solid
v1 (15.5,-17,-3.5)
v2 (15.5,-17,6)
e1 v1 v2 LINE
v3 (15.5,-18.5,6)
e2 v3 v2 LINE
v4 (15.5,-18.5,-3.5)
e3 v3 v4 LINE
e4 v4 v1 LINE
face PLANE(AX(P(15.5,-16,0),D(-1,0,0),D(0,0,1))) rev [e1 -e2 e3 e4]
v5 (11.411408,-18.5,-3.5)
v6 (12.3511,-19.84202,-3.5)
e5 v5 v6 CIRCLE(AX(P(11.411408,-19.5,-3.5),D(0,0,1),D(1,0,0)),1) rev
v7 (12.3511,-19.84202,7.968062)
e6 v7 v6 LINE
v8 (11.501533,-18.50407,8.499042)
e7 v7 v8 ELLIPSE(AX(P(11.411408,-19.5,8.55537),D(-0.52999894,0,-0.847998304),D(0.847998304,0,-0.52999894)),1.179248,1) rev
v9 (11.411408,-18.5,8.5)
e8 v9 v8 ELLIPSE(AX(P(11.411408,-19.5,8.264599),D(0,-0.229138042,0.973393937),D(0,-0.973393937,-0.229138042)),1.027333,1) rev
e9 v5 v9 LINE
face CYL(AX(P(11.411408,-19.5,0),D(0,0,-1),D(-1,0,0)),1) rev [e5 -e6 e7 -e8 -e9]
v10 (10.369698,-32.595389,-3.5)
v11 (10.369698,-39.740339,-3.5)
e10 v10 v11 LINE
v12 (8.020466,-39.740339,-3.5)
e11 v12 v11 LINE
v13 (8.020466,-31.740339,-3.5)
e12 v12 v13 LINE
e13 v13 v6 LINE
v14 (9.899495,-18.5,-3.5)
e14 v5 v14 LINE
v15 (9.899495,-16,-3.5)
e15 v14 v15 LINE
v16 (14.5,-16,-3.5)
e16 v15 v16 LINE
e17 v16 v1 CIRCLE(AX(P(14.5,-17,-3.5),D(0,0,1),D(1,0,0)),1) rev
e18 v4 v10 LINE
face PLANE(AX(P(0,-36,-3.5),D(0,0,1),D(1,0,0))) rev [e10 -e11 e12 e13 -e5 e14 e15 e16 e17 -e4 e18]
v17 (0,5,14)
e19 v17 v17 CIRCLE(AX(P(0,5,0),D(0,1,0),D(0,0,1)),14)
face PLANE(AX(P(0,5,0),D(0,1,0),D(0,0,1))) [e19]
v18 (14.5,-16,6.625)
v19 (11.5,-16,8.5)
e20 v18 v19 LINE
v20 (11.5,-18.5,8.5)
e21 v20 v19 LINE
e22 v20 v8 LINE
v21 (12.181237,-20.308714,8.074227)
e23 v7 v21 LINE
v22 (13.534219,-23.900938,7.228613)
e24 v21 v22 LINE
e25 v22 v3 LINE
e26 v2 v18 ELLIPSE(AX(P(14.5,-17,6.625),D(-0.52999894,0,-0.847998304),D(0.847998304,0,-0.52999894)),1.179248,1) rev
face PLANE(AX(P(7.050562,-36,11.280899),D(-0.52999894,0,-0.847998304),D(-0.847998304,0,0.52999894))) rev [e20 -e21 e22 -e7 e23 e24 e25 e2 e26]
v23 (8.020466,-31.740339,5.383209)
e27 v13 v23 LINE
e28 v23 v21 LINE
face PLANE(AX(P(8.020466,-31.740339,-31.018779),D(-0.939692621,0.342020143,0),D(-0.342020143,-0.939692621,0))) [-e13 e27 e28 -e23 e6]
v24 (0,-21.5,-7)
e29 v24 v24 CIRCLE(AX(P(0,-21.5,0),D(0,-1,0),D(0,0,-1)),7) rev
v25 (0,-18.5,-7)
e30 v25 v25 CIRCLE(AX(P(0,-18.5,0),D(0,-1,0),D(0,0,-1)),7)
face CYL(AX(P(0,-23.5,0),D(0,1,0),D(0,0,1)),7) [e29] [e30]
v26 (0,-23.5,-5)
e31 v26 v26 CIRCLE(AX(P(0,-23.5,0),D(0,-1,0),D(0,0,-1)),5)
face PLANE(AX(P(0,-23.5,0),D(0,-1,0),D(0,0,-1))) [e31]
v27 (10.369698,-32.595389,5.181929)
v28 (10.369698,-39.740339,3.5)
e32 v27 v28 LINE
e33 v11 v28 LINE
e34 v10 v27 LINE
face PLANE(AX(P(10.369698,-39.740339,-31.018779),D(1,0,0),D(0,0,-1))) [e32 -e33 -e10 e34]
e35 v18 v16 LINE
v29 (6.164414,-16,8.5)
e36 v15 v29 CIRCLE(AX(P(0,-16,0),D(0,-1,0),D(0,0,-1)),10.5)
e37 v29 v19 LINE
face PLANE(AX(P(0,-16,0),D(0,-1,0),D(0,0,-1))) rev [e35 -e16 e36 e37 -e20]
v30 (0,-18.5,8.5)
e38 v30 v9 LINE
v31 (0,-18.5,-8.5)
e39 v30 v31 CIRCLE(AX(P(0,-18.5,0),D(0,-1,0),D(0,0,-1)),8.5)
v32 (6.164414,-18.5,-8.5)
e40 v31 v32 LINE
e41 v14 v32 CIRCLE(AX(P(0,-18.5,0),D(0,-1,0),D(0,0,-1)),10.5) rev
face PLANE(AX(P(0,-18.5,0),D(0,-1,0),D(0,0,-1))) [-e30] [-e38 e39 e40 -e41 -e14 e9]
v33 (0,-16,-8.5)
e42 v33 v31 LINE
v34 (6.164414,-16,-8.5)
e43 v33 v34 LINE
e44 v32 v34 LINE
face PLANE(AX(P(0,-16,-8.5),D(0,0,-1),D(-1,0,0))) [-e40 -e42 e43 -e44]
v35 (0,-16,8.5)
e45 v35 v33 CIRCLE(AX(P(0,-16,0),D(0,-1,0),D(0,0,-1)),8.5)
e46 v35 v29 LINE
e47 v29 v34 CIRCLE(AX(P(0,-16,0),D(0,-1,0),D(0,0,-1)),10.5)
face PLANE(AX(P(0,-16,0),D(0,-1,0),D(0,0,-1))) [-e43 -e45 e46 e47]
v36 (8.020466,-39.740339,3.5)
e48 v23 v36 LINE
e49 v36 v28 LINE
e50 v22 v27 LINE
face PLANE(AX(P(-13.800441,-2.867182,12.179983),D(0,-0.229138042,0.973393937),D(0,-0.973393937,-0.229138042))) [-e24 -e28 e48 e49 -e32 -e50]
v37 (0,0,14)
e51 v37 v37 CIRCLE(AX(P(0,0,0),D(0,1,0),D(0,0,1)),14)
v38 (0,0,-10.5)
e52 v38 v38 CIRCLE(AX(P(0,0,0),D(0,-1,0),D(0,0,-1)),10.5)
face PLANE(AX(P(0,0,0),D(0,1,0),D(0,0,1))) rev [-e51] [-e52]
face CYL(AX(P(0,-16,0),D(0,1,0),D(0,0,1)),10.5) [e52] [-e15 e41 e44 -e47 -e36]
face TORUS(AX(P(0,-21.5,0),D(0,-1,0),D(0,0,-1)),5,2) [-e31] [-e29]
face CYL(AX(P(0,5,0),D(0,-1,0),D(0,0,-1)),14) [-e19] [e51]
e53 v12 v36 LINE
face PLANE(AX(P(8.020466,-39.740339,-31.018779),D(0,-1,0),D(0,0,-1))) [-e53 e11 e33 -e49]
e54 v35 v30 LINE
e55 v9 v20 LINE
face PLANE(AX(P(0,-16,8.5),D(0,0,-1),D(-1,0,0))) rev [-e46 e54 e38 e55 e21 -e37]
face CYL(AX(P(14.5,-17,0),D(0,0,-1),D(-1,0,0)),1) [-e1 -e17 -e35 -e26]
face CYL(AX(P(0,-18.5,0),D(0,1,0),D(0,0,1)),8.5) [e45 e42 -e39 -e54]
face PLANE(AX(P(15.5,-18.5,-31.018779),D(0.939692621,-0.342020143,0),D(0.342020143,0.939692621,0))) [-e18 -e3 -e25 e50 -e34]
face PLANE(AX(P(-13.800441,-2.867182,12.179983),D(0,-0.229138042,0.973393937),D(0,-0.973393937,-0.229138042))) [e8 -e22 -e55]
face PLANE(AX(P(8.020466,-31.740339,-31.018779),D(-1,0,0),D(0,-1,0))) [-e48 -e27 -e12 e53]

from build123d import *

# Parameters (mm, degrees)
SKETCH1_R           = 14
BOSS_EXTRUDE1_DEPTH = 5
SKETCH2_R           = 10.5
BOSS_EXTRUDE2_DEPTH = 16
SKETCH3_R           = 8.5
BOSS_EXTRUDE3_DEPTH = 2.5
SKETCH4_R           = 7
BOSS_EXTRUDE4_DEPTH = 5
FILLET1_R           = 2
BOSS_EXTRUDE5_START = -2.5
BOSS_EXTRUDE5_DEPTH = 2.5
BOSS_EXTRUDE7_DEPTH = 17
FILLET3_R           = 1
CUT_EXTRUDE1_REACH  = 53.435
CUT_EXTRUDE2_DEPTH  = 20
SKETCH10_W          = 8.800813703
SKETCH10_H          = 15.870840907
CUT_EXTRUDE3_DEPTH  = 10


with BuildPart() as part:
    # Sketch1 → Boss-Extrude1 (new body)
    with BuildSketch(Plane(origin=(0, 0, 0), x_dir=(1, 0, 0), z_dir=(0, 1, 0))):
        with Locations(Location((0, 0, 0), (0, 0, 270))):
            Circle(SKETCH1_R)
    extrude(amount=BOSS_EXTRUDE1_DEPTH)

    # Sketch2 → Boss-Extrude2 (add)
    with BuildSketch(Plane.XZ):
        with Locations(Location((0, 0, 0), (0, 0, 270))):
            Circle(SKETCH2_R)
    extrude(amount=BOSS_EXTRUDE2_DEPTH)

    # Sketch3 → Boss-Extrude3 (add)
    with BuildSketch(Plane.XZ.offset(16)):
        with Locations(Location((0, 0, 0), (0, 0, 270))):
            Circle(SKETCH3_R)
    extrude(amount=BOSS_EXTRUDE3_DEPTH)

    # Sketch4 → Boss-Extrude4 (add)
    with BuildSketch(Plane.XZ.offset(18.5)):
        with Locations(Location((0, 0, 0), (0, 0, 270))):
            Circle(SKETCH4_R)
    extrude(amount=BOSS_EXTRUDE4_DEPTH)

    # Fillet1
    fillet1_edges = [part.edges().sort_by_distance(p)[0] for p in [
        (0, -23.5, 7),
    ]]
    fillet(fillet1_edges, radius=FILLET1_R)

    # Sketch5 → Boss-Extrude5 (add)
    with BuildSketch(Plane.XZ.offset(18.5).offset(BOSS_EXTRUDE5_START)):
        with BuildLine():
            Line((15.5, 8.5), (0, 8.5))
            ThreePointArc((0, 8.5), (6.01040764, 6.01040764), (8.5, 0))
            ThreePointArc((8.5, 0), (6.01040764, -6.01040764), (0, -8.5))
            Line((0, -8.5), (15.5, -8.5))
            Line((15.5, -8.5), (15.5, 8.5))
        make_face()
    extrude(amount=BOSS_EXTRUDE5_DEPTH)

    # Sketch7 → Boss-Extrude7 (add)
    with BuildSketch(Plane.XY.offset(8.5)):
        Polygon((15.5, -18.5), (10.36969785, -32.595389312), (10.36969785, -39.740338953), (8.020466298, -39.740338953), (8.020466298, -31.740338953), (12.839555569, -18.5), align=None)
    extrude(amount=-BOSS_EXTRUDE7_DEPTH)

    # Fillet3
    fillet3_edges = [part.edges().sort_by_distance(p)[0] for p in [
        (15.5, -16, 0),
        (12.839555569, -18.5, 0),
    ]]
    fillet(fillet3_edges, radius=FILLET3_R)

    # Cut-Extrude1: up to this face of the body (flat: up to its plane)
    cut_extrude1_end = Plane(part.part.faces().sort_by_distance((8.020466298, -35.740338953, 0))[0])
    # Sketch8 → Cut-Extrude1 (cut, up to the picked face)
    with BuildSketch(Plane(origin=(15.5, 0, 0), x_dir=(0, 0, -1), z_dir=(1, 0, 0)), mode=Mode.PRIVATE) as cut_extrude1_sk1:
        Polygon((-3.5, -39.740338953), (-8.5, -18.5), (-8.5, -32.595389312), (-8.5, -39.740338953), align=None)
    cut_extrude1_tool1 = split(extrude(cut_extrude1_sk1.sketch, amount=-CUT_EXTRUDE1_REACH, mode=Mode.PRIVATE), bisect_by=cut_extrude1_end, keep=Keep.BOTH, mode=Mode.PRIVATE)
    # Sketch8 → Cut-Extrude1 (cut, up to the picked face)
    with BuildSketch(Plane(origin=(15.5, 0, 0), x_dir=(0, 0, -1), z_dir=(1, 0, 0)), mode=Mode.PRIVATE) as cut_extrude1_sk2:
        Polygon((8.5, -32.595389312), (8.5, -18.5), (3.5, -39.740338953), (8.5, -39.740338953), align=None)
    cut_extrude1_tool2 = split(extrude(cut_extrude1_sk2.sketch, amount=-CUT_EXTRUDE1_REACH, mode=Mode.PRIVATE), bisect_by=cut_extrude1_end, keep=Keep.BOTH, mode=Mode.PRIVATE)
    add(cut_extrude1_tool1.solids().sort_by(Axis((15.5, -32.660226, 6.833333), (-1, 0, 0)))[0], mode=Mode.SUBTRACT)
    add(cut_extrude1_tool2.solids().sort_by(Axis((15.5, -32.660226, -6.833333), (-1, 0, 0)))[0], mode=Mode.SUBTRACT)

    # Sketch9 → Cut-Extrude2 (cut)
    with BuildSketch(Plane(origin=(0, -16, 0), x_dir=(1, 0, 0), z_dir=(0, 1, 0))):
        Polygon((14.5, 8.5), (14.5, 6.625), (15.5, 6), (15.5, 8.5), align=None)
        Polygon((14.5, 8.5), (11.5, 8.5), (14.5, 6.625), align=None)
        Polygon((14.5, -6.625), (14.5, -8.5), (15.5, -8.5), (15.5, -6), align=None)
        Polygon((14.5, -6.625), (11.5, -8.5), (14.5, -8.5), align=None)
        Polygon((14.5, 6.625), (14.5, 3.5), (15.5, 3.5), (15.5, 6), align=None)
        Polygon((11.5, 8.5), (11.5, 3.5), (14.5, 3.5), (14.5, 6.625), align=None)
        with BuildLine():
            ThreePointArc((6.164414003, 8.5), (8.412032608, 6.283924522), (9.899494937, 3.5))
            Line((9.899494937, 3.5), (10.36969785, 3.5))
            Line((10.36969785, 3.5), (11.5, 3.5))
            Line((11.5, 3.5), (11.5, 8.5))
            Line((11.5, 8.5), (6.164414003, 8.5))
        make_face()
    extrude(amount=-CUT_EXTRUDE2_DEPTH, mode=Mode.SUBTRACT)

    # Sketch10 → Cut-Extrude3 (cut)
    with BuildSketch(Plane(origin=(10.36969785, 0, 0), x_dir=(0, 0, -1), z_dir=(1, 0, 0))):
        with Locations((7.900406852, -31.8049185)):
            Rectangle(SKETCH10_W, SKETCH10_H)
    extrude(amount=-CUT_EXTRUDE3_DEPTH, mode=Mode.SUBTRACT)


solid = part.part
